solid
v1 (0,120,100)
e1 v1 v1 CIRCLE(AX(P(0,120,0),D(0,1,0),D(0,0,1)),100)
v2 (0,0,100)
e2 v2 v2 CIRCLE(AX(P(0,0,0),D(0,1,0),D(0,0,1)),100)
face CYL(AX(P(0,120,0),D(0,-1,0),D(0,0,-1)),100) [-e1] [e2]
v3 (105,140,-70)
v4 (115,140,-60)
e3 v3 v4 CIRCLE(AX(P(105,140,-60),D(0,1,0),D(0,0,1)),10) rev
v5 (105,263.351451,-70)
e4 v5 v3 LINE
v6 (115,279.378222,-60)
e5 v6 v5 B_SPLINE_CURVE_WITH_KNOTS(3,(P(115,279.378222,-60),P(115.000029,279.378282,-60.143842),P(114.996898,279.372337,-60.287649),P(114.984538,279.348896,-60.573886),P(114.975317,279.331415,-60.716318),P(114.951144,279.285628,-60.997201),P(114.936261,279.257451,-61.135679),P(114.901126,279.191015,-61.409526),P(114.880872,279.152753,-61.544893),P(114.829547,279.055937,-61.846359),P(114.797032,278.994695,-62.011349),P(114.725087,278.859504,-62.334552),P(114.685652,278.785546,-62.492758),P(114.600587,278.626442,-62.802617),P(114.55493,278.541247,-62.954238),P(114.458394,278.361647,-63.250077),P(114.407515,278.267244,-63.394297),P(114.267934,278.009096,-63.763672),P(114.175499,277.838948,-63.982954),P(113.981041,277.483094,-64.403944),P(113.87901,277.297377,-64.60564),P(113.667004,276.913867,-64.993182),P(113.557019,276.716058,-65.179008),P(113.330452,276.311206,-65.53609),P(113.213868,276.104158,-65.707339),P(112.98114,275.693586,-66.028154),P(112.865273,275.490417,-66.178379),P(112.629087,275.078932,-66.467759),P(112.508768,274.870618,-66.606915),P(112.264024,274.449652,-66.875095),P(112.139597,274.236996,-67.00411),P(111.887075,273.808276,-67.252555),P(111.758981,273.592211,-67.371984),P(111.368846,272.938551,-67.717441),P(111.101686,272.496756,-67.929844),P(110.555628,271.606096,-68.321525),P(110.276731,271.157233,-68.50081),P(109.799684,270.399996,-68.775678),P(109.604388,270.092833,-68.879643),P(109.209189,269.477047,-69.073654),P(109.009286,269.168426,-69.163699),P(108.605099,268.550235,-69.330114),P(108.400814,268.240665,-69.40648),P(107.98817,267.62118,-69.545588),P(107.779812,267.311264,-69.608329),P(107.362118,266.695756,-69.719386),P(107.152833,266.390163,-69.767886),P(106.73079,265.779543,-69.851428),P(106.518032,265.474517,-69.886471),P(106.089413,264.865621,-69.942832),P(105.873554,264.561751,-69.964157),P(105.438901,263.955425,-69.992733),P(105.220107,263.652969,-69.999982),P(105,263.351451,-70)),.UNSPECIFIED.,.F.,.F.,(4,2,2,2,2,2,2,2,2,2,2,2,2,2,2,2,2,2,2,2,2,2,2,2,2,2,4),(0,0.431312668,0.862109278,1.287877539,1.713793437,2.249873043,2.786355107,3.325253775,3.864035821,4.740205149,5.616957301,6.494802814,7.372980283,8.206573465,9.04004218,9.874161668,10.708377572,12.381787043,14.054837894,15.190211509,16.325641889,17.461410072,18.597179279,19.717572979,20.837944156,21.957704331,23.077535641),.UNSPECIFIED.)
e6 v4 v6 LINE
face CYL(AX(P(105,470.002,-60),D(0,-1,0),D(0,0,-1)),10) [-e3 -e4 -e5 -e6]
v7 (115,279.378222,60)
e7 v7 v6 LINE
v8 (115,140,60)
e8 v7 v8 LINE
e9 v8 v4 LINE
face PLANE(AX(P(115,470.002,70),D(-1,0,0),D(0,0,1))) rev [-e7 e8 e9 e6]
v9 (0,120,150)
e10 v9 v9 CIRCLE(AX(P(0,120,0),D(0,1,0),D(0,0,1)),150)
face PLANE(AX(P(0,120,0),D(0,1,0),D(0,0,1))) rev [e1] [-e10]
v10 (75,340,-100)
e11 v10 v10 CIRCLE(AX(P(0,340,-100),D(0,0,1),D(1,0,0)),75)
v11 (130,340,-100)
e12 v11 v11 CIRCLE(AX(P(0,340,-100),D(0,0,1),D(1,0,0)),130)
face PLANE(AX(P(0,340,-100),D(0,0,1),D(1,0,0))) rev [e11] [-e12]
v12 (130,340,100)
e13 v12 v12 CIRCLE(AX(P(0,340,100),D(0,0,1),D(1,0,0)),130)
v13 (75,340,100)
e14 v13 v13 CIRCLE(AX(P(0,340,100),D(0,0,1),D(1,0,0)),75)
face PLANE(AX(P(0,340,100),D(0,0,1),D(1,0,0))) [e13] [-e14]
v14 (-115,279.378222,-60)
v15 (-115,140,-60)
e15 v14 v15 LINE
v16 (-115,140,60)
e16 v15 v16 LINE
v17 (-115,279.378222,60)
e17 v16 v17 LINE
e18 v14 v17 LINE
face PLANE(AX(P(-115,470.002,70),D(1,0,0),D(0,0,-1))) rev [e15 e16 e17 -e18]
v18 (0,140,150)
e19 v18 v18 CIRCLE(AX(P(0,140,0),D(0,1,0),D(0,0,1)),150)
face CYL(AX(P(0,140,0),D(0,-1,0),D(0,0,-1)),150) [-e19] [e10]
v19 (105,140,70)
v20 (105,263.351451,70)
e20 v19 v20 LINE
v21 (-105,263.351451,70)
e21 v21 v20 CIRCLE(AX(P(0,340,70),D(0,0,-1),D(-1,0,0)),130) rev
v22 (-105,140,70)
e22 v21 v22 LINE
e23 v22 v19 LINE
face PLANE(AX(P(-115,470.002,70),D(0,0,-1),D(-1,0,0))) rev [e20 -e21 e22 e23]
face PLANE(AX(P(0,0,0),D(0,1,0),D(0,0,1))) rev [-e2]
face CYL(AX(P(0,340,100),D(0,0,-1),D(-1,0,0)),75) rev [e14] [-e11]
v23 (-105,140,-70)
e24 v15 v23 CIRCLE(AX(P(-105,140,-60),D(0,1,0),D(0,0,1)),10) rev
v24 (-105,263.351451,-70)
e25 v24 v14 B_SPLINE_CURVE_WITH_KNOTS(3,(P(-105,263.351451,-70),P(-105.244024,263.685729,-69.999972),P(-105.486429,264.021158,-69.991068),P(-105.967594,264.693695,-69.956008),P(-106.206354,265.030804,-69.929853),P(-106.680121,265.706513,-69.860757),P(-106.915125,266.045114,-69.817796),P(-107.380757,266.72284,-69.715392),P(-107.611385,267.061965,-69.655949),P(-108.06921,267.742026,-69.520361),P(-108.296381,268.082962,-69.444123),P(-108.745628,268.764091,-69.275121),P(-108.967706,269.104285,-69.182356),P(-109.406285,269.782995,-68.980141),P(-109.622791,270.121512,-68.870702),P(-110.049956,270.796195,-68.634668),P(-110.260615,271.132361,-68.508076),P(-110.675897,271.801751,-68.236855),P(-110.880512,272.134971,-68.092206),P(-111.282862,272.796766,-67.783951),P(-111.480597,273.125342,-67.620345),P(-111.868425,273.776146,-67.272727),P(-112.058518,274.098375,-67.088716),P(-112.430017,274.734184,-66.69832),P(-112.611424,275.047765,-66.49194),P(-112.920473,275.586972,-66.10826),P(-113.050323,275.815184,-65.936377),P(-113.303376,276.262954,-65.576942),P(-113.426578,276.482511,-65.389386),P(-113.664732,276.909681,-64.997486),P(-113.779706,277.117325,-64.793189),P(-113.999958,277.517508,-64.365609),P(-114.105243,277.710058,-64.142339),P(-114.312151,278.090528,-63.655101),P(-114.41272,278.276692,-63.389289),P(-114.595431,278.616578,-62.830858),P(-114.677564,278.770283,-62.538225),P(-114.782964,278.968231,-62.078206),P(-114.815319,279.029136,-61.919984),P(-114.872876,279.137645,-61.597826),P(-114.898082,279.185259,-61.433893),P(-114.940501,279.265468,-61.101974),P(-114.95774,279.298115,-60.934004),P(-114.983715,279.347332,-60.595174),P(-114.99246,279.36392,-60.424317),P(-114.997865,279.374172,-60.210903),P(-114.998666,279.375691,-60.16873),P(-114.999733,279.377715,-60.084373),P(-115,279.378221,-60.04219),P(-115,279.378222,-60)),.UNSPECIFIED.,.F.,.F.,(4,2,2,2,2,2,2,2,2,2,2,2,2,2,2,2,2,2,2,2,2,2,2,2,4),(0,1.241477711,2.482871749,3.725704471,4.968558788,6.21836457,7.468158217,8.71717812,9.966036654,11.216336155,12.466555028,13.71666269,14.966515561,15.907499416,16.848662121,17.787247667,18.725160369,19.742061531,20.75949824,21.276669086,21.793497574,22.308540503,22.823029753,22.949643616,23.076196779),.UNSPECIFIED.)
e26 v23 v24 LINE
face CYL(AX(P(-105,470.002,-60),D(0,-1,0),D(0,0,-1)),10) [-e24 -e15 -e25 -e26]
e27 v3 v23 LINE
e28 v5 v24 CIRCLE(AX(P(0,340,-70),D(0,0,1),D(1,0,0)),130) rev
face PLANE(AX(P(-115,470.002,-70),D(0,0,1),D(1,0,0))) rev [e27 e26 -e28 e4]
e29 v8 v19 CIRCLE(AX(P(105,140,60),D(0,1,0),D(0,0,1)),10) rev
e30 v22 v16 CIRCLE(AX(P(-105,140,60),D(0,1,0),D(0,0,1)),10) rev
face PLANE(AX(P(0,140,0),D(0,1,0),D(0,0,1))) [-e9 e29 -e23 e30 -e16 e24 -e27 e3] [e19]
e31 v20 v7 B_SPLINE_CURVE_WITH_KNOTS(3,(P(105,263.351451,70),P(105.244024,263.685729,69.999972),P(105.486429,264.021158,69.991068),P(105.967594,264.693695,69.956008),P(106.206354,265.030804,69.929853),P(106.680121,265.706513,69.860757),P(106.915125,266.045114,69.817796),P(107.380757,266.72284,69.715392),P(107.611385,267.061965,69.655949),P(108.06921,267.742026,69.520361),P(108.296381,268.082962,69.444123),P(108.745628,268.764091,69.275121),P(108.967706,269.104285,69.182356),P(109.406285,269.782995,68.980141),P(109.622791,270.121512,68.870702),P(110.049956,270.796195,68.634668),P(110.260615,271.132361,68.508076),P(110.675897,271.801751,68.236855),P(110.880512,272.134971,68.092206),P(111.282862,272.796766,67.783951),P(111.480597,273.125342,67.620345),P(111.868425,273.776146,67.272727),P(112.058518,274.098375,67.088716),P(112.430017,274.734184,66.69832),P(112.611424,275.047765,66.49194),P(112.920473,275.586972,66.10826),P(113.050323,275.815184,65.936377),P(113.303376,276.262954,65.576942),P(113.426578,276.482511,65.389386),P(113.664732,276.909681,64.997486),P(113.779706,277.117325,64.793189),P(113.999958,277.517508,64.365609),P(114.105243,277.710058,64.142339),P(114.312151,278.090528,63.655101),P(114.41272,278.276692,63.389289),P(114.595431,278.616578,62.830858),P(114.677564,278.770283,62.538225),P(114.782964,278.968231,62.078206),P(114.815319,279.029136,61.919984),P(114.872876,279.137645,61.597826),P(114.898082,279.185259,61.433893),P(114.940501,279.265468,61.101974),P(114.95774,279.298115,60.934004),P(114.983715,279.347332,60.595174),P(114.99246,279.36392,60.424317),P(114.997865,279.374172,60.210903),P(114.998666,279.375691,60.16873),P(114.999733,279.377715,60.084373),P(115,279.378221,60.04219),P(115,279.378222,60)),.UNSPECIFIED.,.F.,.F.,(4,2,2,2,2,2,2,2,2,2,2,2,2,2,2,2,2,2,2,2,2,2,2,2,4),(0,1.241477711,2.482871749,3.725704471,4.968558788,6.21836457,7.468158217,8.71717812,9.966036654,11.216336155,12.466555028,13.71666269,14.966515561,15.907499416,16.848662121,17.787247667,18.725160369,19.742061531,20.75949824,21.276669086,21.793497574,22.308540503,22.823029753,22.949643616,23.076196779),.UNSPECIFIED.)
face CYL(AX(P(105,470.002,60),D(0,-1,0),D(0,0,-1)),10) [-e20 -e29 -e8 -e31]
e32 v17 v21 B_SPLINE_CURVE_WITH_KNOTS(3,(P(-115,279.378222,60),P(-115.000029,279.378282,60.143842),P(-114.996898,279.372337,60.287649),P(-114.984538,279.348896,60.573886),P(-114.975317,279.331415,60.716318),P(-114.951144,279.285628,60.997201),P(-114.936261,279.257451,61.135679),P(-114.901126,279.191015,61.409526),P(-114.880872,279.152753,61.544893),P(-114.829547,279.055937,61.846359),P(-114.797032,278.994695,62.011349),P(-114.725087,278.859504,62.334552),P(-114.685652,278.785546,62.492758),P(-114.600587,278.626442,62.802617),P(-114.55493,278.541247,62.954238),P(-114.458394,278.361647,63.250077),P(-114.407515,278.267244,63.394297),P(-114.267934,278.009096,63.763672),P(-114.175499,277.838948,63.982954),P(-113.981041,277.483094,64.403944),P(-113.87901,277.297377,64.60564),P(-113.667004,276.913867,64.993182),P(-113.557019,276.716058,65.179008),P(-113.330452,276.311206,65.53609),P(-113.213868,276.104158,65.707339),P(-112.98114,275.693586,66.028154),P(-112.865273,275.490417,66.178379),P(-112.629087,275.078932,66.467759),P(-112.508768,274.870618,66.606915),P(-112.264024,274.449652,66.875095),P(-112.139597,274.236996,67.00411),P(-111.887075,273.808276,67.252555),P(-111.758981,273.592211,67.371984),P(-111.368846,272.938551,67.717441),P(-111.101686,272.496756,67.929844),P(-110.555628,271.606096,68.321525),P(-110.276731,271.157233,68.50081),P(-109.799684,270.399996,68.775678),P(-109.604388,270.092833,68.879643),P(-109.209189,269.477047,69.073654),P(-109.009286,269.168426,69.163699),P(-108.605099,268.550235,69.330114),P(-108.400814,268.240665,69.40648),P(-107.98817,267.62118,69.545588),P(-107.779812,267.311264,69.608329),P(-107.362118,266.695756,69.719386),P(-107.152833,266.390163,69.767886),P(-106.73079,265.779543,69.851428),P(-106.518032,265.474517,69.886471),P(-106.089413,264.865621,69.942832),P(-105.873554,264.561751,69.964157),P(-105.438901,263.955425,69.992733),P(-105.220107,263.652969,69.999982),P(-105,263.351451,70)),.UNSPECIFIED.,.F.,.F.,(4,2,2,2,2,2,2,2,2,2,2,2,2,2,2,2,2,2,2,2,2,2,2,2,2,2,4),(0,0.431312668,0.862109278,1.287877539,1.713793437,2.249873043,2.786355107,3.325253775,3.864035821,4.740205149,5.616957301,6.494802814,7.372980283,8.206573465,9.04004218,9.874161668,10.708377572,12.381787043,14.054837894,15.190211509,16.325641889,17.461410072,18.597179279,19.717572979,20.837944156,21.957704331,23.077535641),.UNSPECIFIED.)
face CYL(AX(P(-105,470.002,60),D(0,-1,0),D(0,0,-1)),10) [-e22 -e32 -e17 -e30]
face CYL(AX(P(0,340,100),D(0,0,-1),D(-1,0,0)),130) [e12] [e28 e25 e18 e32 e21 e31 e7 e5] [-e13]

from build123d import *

# Parameters (mm, degrees)
SKETCH1_R                = 100
BOSS_EXTRUDE1_DEPTH      = 120
SKETCH2_R                = 150
BOSS_EXTRUDE2_DEPTH      = 20
SKETCH4_R                = 130
SKETCH4_R_2              = 75
BOSS_EXTRUDE3_DEPTH      = 100
BOSS_EXTRUDE4_REACH      = 394.301
BOSS_EXTRUDE4_END_RADIUS = 130
SKETCH5_W                = 230
SKETCH5_H                = 140
FILLET1_R                = 10


with BuildPart() as part:
    # Sketch1 → Boss-Extrude1 (new body)
    with BuildSketch(Plane(origin=(0, 0, 0), x_dir=(1, 0, 0), z_dir=(0, 1, 0))):
        with Locations(Location((0, 0, 0), (0, 0, 270))):
            Circle(SKETCH1_R)
    extrude(amount=BOSS_EXTRUDE1_DEPTH)

    # Sketch2 → Boss-Extrude2 (add)
    with BuildSketch(Plane(origin=(0, 120, 0), x_dir=(1, 0, 0), z_dir=(0, 1, 0))):
        with Locations(Location((0, 0, 0), (0, 0, 270))):
            Circle(SKETCH2_R)
    extrude(amount=BOSS_EXTRUDE2_DEPTH)



with BuildPart() as body_2:
    # Sketch4 → Boss-Extrude3 (new, symmetric)
    with BuildSketch(Plane.XY):
        with Locations((0, 340)):
            Circle(SKETCH4_R)
        with Locations((0, 340)):
            Circle(SKETCH4_R_2, mode=Mode.SUBTRACT)
    extrude(amount=BOSS_EXTRUDE3_DEPTH, both=True)


with BuildPart() as part_1:
    add(part.part)

    add(body_2.part)  # Boss-Extrude4 merges body 2
    # Boss-Extrude4: up to this cylinder (the profile starts outside it)
    boss_extrude4_end = Plane(origin=(0, 340, 0), z_dir=(0, 0, -1)) * Cylinder(BOSS_EXTRUDE4_END_RADIUS, 1049.602, mode=Mode.PRIVATE)
    # Sketch5 → Boss-Extrude4 (add, up to the surface)
    with BuildSketch(Plane(origin=(0, 140, 0), x_dir=(1, 0, 0), z_dir=(0, 1, 0)), mode=Mode.PRIVATE) as boss_extrude4_sk1:
        Rectangle(SKETCH5_W, SKETCH5_H)
    boss_extrude4_tool1 = extrude(boss_extrude4_sk1.sketch, amount=BOSS_EXTRUDE4_REACH, mode=Mode.PRIVATE) - boss_extrude4_end
    add(boss_extrude4_tool1.solids().sort_by_distance((0, 140, 0))[0])

    # Fillet1
    fillet1_edges = [part_1.edges().sort_by_distance(p)[0] for p in [
        (115, 209.689110868, -70),
        (115, 209.689110868, 70),
        (-115, 209.689110868, -70),
        (-115, 209.689110868, 70),
    ]]
    fillet(fillet1_edges, radius=FILLET1_R)


solid = part_1.part
